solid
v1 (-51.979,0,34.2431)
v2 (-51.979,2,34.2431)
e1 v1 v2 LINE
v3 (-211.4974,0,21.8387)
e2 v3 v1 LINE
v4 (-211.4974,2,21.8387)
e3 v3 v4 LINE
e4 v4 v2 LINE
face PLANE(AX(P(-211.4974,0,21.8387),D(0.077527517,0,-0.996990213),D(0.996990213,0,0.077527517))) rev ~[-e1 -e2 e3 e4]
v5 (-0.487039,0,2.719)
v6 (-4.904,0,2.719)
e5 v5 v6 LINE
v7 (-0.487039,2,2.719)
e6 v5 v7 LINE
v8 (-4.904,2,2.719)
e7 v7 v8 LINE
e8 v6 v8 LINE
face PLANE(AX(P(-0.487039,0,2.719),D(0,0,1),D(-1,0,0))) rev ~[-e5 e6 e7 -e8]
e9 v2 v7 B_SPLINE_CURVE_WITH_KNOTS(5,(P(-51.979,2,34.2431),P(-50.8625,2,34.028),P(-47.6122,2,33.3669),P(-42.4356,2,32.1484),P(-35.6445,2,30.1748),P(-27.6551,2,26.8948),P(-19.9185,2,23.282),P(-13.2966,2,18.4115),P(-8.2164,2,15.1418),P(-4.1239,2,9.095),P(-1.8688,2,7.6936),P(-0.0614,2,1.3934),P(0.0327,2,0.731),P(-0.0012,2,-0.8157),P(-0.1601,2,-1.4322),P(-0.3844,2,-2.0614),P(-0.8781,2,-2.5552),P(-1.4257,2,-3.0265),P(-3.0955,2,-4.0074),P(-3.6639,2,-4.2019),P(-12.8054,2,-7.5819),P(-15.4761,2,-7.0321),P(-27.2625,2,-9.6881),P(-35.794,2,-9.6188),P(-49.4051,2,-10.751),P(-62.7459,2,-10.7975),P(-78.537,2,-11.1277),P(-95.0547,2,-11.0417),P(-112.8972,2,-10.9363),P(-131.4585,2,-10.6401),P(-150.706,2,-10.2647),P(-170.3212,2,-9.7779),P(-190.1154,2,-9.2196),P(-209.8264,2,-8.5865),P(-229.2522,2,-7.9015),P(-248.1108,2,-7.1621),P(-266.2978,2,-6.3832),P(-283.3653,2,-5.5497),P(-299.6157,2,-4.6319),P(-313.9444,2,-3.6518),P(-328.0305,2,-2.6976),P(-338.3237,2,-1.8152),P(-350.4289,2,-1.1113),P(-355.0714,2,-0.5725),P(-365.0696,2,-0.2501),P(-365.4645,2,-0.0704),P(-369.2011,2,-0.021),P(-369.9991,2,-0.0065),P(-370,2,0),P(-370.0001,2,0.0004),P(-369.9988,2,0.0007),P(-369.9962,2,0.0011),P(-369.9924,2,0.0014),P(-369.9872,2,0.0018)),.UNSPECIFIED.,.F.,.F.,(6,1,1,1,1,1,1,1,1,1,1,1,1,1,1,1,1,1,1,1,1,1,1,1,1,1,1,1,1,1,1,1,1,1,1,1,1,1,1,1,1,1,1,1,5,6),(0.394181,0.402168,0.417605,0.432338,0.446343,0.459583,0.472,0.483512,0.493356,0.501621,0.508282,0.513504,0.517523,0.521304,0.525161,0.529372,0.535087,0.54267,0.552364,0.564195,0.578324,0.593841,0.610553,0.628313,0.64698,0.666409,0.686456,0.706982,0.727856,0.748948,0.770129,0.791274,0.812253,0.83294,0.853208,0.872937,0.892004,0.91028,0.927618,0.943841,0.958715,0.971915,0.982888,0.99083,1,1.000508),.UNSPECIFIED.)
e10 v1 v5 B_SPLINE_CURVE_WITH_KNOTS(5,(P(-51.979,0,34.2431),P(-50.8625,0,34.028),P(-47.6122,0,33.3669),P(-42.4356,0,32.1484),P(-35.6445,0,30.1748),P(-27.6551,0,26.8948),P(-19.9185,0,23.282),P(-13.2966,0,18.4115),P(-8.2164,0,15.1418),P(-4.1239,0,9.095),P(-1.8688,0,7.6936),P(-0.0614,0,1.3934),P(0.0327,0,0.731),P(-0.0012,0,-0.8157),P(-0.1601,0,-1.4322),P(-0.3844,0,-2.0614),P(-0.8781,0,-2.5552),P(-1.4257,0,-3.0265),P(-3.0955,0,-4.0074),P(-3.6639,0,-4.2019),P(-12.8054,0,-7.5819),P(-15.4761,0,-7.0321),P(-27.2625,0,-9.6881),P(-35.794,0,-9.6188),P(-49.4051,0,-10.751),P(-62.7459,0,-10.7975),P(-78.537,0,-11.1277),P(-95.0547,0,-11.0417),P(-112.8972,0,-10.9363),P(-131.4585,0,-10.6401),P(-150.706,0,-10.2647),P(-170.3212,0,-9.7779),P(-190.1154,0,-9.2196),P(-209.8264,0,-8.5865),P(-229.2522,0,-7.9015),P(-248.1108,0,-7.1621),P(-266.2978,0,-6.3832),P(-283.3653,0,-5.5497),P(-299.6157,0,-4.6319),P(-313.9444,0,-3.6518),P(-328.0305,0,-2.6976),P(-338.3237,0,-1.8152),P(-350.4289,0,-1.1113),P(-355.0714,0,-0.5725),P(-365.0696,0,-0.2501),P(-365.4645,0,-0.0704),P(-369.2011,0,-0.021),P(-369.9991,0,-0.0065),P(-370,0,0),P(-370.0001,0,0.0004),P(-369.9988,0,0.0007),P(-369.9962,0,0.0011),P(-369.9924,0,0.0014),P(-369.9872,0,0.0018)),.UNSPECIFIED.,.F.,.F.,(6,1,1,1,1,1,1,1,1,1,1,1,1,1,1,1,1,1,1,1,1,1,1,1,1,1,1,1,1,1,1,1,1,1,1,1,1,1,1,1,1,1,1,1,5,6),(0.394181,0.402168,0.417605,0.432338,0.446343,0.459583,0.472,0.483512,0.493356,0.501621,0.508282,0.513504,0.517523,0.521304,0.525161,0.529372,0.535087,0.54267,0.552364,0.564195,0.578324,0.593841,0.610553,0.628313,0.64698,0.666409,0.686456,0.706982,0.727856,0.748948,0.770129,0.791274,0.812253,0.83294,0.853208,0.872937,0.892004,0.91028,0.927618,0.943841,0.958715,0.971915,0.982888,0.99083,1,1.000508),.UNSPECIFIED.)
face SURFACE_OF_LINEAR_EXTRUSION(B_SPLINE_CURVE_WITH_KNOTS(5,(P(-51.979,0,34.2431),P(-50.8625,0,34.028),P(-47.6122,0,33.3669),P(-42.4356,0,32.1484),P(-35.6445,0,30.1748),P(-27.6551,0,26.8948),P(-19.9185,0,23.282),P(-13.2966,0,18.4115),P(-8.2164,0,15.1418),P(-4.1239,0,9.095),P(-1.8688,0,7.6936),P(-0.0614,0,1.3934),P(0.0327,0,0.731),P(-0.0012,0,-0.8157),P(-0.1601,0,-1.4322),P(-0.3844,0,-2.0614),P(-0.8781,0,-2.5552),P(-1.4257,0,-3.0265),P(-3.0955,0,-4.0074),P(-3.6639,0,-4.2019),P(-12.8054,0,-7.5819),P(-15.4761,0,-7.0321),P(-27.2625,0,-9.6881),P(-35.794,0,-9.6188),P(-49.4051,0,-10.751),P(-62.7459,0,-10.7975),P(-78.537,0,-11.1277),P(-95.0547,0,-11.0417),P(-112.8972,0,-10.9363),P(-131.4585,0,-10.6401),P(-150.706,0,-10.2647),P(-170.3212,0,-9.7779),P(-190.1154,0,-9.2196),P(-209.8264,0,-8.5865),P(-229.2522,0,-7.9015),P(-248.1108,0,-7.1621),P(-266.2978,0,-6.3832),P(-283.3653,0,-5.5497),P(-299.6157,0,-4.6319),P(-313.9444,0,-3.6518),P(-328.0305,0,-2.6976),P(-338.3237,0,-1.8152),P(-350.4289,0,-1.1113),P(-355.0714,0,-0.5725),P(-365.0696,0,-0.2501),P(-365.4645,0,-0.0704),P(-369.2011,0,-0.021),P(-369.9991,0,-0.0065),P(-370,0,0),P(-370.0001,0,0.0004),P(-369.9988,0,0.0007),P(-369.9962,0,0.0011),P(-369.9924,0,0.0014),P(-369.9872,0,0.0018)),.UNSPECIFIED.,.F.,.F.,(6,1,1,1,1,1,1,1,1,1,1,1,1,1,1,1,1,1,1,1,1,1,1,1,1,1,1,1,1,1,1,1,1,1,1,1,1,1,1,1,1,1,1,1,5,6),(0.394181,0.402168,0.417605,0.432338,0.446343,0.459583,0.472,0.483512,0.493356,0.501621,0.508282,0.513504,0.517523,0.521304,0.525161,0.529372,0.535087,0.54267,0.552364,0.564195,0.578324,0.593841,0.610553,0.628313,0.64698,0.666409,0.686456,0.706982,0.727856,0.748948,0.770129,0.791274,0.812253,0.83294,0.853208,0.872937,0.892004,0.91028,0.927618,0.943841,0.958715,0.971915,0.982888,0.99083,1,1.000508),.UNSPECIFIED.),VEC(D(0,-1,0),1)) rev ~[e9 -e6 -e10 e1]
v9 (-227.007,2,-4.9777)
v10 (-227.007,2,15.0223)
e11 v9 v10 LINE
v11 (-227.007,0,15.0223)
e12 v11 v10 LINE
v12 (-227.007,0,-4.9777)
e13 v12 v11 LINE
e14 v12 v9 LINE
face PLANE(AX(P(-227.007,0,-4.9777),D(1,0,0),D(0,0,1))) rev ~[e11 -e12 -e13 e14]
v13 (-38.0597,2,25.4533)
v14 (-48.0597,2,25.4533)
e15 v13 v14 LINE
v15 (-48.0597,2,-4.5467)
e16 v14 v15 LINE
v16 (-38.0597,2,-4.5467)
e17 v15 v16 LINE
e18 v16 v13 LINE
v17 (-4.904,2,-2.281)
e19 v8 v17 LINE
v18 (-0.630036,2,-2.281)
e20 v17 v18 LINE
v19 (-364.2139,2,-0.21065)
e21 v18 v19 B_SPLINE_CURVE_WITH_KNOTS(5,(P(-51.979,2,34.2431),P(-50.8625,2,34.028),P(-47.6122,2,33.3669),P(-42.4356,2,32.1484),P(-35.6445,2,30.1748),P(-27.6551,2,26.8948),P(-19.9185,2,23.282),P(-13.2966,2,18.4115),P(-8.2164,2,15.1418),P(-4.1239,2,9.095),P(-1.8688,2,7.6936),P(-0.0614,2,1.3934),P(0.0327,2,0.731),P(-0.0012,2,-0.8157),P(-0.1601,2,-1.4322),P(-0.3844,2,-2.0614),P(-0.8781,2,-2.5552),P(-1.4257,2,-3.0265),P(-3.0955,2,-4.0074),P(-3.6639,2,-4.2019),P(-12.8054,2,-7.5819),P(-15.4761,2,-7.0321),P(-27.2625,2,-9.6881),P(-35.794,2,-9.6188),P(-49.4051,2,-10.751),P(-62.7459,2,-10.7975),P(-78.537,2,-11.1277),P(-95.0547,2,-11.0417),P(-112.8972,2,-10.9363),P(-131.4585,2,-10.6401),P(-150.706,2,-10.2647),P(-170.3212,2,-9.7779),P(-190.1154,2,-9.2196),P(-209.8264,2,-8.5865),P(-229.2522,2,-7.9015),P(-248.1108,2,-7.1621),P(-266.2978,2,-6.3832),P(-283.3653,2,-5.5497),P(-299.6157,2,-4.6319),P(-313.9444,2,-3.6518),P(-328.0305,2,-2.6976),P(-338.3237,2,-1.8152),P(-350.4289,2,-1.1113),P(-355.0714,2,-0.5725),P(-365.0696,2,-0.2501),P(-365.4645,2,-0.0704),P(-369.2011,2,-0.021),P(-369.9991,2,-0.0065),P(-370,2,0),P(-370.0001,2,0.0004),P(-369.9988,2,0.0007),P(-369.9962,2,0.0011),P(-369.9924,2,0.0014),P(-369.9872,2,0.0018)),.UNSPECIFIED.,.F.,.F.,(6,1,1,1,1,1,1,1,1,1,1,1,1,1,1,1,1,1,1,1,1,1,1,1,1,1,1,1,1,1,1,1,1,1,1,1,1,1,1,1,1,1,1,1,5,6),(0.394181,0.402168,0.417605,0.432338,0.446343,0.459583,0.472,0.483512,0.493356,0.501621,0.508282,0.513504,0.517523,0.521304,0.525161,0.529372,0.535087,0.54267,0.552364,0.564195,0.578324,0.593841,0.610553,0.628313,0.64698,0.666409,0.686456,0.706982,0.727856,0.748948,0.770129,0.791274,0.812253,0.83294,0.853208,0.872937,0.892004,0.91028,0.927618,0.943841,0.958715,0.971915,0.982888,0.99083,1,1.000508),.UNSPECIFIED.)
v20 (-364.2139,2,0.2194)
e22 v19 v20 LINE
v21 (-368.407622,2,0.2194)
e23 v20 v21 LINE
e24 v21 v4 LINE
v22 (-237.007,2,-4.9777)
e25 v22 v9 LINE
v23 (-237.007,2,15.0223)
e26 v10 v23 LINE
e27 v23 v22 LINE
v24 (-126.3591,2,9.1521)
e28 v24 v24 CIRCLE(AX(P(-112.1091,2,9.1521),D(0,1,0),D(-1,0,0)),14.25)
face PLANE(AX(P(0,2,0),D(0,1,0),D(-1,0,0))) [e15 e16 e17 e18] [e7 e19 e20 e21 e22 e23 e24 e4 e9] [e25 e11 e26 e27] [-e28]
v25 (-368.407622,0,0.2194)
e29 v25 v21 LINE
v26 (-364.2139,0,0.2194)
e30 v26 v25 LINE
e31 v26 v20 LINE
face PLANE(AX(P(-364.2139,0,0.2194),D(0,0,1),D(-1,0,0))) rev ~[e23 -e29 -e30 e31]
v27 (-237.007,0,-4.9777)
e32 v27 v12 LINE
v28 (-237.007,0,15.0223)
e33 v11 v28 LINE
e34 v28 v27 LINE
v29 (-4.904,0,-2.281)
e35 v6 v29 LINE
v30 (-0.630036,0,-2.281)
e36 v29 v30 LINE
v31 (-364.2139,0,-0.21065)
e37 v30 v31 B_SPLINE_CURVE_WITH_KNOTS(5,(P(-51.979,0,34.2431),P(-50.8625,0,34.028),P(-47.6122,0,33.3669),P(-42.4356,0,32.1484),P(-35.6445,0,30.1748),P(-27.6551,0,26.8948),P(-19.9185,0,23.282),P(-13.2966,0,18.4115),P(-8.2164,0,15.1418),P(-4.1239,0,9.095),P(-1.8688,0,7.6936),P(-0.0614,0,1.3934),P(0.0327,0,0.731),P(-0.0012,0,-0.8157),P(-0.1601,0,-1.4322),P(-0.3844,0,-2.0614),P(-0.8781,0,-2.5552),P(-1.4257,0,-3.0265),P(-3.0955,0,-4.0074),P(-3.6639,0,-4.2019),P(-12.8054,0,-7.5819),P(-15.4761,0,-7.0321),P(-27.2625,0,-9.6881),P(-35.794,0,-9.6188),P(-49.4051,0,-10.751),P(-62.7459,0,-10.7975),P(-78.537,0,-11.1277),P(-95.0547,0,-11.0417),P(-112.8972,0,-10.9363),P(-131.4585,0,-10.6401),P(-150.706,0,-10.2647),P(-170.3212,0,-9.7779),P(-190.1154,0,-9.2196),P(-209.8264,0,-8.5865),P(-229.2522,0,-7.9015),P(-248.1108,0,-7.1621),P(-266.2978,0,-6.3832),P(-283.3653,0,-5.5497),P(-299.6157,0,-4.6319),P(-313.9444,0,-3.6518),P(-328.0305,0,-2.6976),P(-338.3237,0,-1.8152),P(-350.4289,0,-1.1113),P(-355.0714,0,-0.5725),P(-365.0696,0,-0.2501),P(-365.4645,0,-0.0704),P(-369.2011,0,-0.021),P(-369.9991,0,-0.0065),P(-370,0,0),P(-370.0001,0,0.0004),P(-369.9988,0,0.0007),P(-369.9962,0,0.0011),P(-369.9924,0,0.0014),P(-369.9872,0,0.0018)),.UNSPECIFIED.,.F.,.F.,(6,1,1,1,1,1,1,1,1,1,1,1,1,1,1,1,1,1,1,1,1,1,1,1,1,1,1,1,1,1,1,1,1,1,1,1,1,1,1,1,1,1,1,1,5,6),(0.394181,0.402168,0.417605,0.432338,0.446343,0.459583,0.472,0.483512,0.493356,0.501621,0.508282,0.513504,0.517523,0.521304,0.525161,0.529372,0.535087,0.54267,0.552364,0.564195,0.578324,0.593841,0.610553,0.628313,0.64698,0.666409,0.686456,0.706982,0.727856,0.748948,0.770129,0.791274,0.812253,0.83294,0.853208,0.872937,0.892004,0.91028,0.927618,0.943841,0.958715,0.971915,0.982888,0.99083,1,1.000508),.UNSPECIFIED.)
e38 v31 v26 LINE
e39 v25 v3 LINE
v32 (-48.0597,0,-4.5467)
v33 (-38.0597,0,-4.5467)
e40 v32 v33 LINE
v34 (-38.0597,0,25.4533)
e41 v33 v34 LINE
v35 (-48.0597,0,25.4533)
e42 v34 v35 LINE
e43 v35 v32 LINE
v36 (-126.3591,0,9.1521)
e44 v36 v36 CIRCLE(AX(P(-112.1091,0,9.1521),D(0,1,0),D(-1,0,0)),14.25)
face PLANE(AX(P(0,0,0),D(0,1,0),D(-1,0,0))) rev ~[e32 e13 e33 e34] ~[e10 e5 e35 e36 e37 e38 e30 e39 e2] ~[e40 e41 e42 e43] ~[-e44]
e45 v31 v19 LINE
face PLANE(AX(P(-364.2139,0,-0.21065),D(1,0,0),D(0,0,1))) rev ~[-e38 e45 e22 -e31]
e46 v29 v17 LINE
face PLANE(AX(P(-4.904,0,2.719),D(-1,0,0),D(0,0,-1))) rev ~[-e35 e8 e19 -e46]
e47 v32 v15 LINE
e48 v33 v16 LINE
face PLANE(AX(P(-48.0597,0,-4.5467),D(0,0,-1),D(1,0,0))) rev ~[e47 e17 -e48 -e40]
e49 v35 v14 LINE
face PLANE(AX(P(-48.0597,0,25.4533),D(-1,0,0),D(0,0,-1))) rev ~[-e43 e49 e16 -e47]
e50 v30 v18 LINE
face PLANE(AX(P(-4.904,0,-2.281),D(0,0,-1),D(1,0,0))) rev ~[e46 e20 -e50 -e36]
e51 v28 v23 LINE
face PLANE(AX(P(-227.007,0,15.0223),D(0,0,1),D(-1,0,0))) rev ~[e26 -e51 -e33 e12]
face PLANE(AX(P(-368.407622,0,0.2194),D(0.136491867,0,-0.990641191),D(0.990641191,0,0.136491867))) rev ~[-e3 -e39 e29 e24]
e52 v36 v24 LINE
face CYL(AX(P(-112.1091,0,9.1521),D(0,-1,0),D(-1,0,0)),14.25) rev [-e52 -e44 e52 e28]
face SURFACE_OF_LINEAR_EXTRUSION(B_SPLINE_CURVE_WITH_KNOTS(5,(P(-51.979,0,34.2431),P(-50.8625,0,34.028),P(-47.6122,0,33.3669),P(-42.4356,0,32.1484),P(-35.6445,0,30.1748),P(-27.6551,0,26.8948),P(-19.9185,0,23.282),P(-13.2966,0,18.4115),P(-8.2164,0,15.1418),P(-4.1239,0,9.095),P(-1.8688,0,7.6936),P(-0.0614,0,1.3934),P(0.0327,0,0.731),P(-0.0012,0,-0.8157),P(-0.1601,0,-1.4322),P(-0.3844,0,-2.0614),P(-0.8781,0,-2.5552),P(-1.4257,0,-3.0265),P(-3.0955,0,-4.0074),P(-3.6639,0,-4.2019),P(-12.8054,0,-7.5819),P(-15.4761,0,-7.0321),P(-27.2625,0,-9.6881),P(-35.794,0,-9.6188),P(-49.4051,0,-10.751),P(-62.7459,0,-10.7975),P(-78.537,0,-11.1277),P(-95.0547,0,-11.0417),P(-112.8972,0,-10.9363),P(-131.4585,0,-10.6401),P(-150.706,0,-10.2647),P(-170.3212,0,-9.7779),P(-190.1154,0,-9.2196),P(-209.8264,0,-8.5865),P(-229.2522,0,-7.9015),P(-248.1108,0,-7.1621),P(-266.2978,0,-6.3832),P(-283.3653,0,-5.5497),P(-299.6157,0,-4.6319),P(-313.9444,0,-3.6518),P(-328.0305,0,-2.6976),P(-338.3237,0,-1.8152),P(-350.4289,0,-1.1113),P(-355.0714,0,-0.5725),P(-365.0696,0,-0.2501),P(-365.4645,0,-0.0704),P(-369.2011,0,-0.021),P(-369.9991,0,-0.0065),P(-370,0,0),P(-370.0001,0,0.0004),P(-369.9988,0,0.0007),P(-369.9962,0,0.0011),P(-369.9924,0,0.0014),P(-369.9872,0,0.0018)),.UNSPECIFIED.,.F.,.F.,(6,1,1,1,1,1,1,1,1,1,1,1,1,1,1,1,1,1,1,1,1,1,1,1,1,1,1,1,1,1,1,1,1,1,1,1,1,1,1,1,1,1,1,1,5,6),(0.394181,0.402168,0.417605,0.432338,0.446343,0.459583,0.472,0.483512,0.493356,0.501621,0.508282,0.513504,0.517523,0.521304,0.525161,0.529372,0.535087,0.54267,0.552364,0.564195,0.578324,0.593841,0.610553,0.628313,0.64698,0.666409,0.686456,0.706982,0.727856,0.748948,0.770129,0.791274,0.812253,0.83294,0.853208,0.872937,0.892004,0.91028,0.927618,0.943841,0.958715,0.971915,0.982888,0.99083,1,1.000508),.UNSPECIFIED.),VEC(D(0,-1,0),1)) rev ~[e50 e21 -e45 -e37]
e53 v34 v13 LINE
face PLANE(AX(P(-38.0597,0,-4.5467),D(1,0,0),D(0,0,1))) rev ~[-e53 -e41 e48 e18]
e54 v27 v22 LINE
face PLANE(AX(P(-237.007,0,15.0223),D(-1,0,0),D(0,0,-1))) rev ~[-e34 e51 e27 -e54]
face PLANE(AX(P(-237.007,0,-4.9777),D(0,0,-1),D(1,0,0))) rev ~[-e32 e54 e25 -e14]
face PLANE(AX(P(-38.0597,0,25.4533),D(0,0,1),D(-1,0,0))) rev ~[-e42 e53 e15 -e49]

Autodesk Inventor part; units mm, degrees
ref_plane "YZ Plane" through (0, 0, 0) normal (1, 0, 0) x (0, 1, 0)
ref_plane "XZ Plane" through (0, 0, 0) normal (0, 1, 0) x (-1, 0, 0)
ref_plane "XY Plane" through (0, 0, 0) normal (0, 0, 1) x (1, 0, 0)
sketch "Sketch1" plane through (0, 0, 0) normal (0, 1, 0) x (-1, 0, 0)
  spline S0 degree 5 poles (51.979, 34.2431) (50.8625, 34.028) (47.6122, 33.3669) (42.4356, 32.1484) (35.6445, 30.1748) (27.6551, 26.8948) (19.9185, 23.282) (13.2966, 18.4115) (8.2164, 15.1418) (4.1239, 9.095) (1.8688, 7.6936) (0.0614, 1.3934) (-0.0327, 0.731) (0.0012, -0.8157) (0.1601, -1.4322) (0.3844, -2.0614) (0.8781, -2.5552) (1.4257, -3.0265) (3.0955, -4.0074) (3.6639, -4.2019) (12.8054, -7.5819) (15.4761, -7.0321) (27.2625, -9.6881) (35.794, -9.6188) (49.4051, -10.751) (62.7459, -10.7975) (78.537, -11.1277) (95.0547, -11.0417) (112.8972, -10.9363) (131.4585, -10.6401) (150.706, -10.2647) (170.3212, -9.7779) (190.1154, -9.2196) (209.8264, -8.5865) (229.2522, -7.9015) (248.1108, -7.1621) (266.2978, -6.3832) (283.3653, -5.5497) (299.6157, -4.6319) (313.9444, -3.6518) (328.0305, -2.6976) (338.3237, -1.8152) (350.4289, -1.1113) (355.0714, -0.5725) (365.0696, -0.2501) (365.4645, -0.0704) (369.2011, -0.021) (369.9991, -0.0065) (370, 0) (370.0001, 0.0004) (369.9988, 0.0007) (369.9962, 0.0011) (369.9924, 0.0014) (369.9872, 0.0018) knots 0.394181 0.394181 0.394181 0.394181 0.394181 0.394181 0.402168 0.417605 0.432338 0.446343 0.459583 0.472 0.483512 0.493356 0.501621 0.508282 0.513504 0.517523 0.521304 0.525161 0.529372 0.535087 0.54267 0.552364 0.564195 0.578324 0.593841 0.610553 0.628313 0.64698 0.666409 0.686456 0.706982 0.727856 0.748948 0.770129 0.791274 0.812253 0.83294 0.853208 0.872937 0.892004 0.91028 0.927618 0.943841 0.958715 0.971915 0.982888 0.99083 1 1 1 1 1 1.000508 1.000508 1.000508 1.000508 1.000508 1.000508
  circle A0 centre (370, 0) radius 160 construction
  line L0 (370, 0) -> (211.4974, 21.8387)
  circle A1 centre (211.4974, 21.8387) radius 160 construction
  line L1 (211.4974, 21.8387) -> (51.979, 34.2431)
  circle A2 centre (112.1091, 9.1521) radius 14.25
  circle A3 centre (112.1091, 9.1521) radius 9.25 construction
  line L2 (38.0597, 25.4533) -> (48.0597, 25.4533)
  line L3 (48.0597, 25.4533) -> (48.0597, -4.5467)
  line L4 (48.0597, -4.5467) -> (38.0597, -4.5467)
  line L5 (38.0597, -4.5467) -> (38.0597, 25.4533)
  line L6 (227.007, 15.0223) -> (237.007, 15.0223)
  line L7 (237.007, 15.0223) -> (237.007, -4.9777)
  line L8 (237.007, -4.9777) -> (227.007, -4.9777)
  line L9 (227.007, -4.9777) -> (227.007, 15.0223)
  line L10 (-0.096, 2.719) -> (4.904, 2.719)
  line L11 (4.904, 2.719) -> (4.904, -2.281)
  line L12 (4.904, -2.281) -> (-0.096, -2.281)
  line L13 (-0.096, -2.281) -> (-0.096, 2.719)
  circle A4 centre (369.9872, 0.0018) radius 3 construction
  line L14 (364.2139, 0.2194) -> (369.2139, 0.2194)
  line L15 (369.2139, 0.2194) -> (369.2139, -4.7806)
  line L16 (369.2139, -4.7806) -> (364.2139, -4.7806)
  line L17 (364.2139, -4.7806) -> (364.2139, 0.2194)
  point P0 (0, 0)
  point P1 (35.937, 30.0257)
  point P2 (27.0238, 26.4761)
  point P3 (19.2974, 22.4624)
  point P4 (12.8156, 18.139)
  point P5 (7.6237, 13.6489)
  point P6 (3.7499, 9.1521)
  point P7 (1.2115, 4.8535)
  point P8 (0.0668, 1.0195)
  point P9 (0.0003, -0.0638)
  point P10 (0.0755, -0.9849)
  point P11 (0.2106, -1.5356)
  point P12 (0.4302, -2.0122)
  point P13 (0.7739, -2.4345)
  point P14 (1.2488, -2.8423)
  point P15 (2.1566, -3.4383)
  point P16 (3.2773, -4.0196)
  point P17 (8.2772, -5.8071)
  point P18 (15.3669, -7.4261)
  point P19 (24.3167, -8.7706)
  point P20 (35.0526, -9.7678)
  point P21 (47.5438, -10.4262)
  point P22 (61.6814, -10.8267)
  point P23 (77.2847, -11.0213)
  point P24 (94.162, -11.0379)
  point P25 (112.1091, -10.9014)
  point P26 (130.911, -10.6315)
  point P27 (150.3435, -10.2474)
  point P28 (170.176, -9.7646)
  point P29 (190.1737, -9.1986)
  point P30 (210.0997, -8.5616)
  point P31 (229.7182, -7.8653)
  point P32 (248.7963, -7.1166)
  point P33 (267.1071, -6.3194)
  point P34 (284.4371, -5.4606)
  point P35 (300.619, -4.5258)
  point P36 (315.5184, -3.5432)
  point P37 (328.988, -2.5786)
  point P38 (340.8625, -1.7041)
  point P39 (350.9622, -0.9861)
  point P40 (359.0984, -0.4682)
  point P41 (365.0855, -0.1602)
  point P42 (368.7597, -0.0285)
  point P43 (0.4871, 2.719)
  point P44 (0.63, -2.281)
  point P45 (364.2139, -0.2107)
  point P46 (368.4073, 0.2194)
  dimension "d5" = 160
  dimension "d8" = 160
  dimension "d9" = 28.5
  dimension "d10" = 18.5
  dimension "d11" = 10
  dimension "d12" = 30
  dimension "d13" = 10
  dimension "d14" = 20
  dimension "d17" = 5
  dimension "d18" = 5
  dimension "d25" = 6
  dimension "d26" = 5
  dimension "d27" = 5
extrude "Extrusion3" add sketch "Sketch1" along normal blind 2 contours S0 L12 L11 L10 L1 L0 L14 L17
properties part number "airfoil"
